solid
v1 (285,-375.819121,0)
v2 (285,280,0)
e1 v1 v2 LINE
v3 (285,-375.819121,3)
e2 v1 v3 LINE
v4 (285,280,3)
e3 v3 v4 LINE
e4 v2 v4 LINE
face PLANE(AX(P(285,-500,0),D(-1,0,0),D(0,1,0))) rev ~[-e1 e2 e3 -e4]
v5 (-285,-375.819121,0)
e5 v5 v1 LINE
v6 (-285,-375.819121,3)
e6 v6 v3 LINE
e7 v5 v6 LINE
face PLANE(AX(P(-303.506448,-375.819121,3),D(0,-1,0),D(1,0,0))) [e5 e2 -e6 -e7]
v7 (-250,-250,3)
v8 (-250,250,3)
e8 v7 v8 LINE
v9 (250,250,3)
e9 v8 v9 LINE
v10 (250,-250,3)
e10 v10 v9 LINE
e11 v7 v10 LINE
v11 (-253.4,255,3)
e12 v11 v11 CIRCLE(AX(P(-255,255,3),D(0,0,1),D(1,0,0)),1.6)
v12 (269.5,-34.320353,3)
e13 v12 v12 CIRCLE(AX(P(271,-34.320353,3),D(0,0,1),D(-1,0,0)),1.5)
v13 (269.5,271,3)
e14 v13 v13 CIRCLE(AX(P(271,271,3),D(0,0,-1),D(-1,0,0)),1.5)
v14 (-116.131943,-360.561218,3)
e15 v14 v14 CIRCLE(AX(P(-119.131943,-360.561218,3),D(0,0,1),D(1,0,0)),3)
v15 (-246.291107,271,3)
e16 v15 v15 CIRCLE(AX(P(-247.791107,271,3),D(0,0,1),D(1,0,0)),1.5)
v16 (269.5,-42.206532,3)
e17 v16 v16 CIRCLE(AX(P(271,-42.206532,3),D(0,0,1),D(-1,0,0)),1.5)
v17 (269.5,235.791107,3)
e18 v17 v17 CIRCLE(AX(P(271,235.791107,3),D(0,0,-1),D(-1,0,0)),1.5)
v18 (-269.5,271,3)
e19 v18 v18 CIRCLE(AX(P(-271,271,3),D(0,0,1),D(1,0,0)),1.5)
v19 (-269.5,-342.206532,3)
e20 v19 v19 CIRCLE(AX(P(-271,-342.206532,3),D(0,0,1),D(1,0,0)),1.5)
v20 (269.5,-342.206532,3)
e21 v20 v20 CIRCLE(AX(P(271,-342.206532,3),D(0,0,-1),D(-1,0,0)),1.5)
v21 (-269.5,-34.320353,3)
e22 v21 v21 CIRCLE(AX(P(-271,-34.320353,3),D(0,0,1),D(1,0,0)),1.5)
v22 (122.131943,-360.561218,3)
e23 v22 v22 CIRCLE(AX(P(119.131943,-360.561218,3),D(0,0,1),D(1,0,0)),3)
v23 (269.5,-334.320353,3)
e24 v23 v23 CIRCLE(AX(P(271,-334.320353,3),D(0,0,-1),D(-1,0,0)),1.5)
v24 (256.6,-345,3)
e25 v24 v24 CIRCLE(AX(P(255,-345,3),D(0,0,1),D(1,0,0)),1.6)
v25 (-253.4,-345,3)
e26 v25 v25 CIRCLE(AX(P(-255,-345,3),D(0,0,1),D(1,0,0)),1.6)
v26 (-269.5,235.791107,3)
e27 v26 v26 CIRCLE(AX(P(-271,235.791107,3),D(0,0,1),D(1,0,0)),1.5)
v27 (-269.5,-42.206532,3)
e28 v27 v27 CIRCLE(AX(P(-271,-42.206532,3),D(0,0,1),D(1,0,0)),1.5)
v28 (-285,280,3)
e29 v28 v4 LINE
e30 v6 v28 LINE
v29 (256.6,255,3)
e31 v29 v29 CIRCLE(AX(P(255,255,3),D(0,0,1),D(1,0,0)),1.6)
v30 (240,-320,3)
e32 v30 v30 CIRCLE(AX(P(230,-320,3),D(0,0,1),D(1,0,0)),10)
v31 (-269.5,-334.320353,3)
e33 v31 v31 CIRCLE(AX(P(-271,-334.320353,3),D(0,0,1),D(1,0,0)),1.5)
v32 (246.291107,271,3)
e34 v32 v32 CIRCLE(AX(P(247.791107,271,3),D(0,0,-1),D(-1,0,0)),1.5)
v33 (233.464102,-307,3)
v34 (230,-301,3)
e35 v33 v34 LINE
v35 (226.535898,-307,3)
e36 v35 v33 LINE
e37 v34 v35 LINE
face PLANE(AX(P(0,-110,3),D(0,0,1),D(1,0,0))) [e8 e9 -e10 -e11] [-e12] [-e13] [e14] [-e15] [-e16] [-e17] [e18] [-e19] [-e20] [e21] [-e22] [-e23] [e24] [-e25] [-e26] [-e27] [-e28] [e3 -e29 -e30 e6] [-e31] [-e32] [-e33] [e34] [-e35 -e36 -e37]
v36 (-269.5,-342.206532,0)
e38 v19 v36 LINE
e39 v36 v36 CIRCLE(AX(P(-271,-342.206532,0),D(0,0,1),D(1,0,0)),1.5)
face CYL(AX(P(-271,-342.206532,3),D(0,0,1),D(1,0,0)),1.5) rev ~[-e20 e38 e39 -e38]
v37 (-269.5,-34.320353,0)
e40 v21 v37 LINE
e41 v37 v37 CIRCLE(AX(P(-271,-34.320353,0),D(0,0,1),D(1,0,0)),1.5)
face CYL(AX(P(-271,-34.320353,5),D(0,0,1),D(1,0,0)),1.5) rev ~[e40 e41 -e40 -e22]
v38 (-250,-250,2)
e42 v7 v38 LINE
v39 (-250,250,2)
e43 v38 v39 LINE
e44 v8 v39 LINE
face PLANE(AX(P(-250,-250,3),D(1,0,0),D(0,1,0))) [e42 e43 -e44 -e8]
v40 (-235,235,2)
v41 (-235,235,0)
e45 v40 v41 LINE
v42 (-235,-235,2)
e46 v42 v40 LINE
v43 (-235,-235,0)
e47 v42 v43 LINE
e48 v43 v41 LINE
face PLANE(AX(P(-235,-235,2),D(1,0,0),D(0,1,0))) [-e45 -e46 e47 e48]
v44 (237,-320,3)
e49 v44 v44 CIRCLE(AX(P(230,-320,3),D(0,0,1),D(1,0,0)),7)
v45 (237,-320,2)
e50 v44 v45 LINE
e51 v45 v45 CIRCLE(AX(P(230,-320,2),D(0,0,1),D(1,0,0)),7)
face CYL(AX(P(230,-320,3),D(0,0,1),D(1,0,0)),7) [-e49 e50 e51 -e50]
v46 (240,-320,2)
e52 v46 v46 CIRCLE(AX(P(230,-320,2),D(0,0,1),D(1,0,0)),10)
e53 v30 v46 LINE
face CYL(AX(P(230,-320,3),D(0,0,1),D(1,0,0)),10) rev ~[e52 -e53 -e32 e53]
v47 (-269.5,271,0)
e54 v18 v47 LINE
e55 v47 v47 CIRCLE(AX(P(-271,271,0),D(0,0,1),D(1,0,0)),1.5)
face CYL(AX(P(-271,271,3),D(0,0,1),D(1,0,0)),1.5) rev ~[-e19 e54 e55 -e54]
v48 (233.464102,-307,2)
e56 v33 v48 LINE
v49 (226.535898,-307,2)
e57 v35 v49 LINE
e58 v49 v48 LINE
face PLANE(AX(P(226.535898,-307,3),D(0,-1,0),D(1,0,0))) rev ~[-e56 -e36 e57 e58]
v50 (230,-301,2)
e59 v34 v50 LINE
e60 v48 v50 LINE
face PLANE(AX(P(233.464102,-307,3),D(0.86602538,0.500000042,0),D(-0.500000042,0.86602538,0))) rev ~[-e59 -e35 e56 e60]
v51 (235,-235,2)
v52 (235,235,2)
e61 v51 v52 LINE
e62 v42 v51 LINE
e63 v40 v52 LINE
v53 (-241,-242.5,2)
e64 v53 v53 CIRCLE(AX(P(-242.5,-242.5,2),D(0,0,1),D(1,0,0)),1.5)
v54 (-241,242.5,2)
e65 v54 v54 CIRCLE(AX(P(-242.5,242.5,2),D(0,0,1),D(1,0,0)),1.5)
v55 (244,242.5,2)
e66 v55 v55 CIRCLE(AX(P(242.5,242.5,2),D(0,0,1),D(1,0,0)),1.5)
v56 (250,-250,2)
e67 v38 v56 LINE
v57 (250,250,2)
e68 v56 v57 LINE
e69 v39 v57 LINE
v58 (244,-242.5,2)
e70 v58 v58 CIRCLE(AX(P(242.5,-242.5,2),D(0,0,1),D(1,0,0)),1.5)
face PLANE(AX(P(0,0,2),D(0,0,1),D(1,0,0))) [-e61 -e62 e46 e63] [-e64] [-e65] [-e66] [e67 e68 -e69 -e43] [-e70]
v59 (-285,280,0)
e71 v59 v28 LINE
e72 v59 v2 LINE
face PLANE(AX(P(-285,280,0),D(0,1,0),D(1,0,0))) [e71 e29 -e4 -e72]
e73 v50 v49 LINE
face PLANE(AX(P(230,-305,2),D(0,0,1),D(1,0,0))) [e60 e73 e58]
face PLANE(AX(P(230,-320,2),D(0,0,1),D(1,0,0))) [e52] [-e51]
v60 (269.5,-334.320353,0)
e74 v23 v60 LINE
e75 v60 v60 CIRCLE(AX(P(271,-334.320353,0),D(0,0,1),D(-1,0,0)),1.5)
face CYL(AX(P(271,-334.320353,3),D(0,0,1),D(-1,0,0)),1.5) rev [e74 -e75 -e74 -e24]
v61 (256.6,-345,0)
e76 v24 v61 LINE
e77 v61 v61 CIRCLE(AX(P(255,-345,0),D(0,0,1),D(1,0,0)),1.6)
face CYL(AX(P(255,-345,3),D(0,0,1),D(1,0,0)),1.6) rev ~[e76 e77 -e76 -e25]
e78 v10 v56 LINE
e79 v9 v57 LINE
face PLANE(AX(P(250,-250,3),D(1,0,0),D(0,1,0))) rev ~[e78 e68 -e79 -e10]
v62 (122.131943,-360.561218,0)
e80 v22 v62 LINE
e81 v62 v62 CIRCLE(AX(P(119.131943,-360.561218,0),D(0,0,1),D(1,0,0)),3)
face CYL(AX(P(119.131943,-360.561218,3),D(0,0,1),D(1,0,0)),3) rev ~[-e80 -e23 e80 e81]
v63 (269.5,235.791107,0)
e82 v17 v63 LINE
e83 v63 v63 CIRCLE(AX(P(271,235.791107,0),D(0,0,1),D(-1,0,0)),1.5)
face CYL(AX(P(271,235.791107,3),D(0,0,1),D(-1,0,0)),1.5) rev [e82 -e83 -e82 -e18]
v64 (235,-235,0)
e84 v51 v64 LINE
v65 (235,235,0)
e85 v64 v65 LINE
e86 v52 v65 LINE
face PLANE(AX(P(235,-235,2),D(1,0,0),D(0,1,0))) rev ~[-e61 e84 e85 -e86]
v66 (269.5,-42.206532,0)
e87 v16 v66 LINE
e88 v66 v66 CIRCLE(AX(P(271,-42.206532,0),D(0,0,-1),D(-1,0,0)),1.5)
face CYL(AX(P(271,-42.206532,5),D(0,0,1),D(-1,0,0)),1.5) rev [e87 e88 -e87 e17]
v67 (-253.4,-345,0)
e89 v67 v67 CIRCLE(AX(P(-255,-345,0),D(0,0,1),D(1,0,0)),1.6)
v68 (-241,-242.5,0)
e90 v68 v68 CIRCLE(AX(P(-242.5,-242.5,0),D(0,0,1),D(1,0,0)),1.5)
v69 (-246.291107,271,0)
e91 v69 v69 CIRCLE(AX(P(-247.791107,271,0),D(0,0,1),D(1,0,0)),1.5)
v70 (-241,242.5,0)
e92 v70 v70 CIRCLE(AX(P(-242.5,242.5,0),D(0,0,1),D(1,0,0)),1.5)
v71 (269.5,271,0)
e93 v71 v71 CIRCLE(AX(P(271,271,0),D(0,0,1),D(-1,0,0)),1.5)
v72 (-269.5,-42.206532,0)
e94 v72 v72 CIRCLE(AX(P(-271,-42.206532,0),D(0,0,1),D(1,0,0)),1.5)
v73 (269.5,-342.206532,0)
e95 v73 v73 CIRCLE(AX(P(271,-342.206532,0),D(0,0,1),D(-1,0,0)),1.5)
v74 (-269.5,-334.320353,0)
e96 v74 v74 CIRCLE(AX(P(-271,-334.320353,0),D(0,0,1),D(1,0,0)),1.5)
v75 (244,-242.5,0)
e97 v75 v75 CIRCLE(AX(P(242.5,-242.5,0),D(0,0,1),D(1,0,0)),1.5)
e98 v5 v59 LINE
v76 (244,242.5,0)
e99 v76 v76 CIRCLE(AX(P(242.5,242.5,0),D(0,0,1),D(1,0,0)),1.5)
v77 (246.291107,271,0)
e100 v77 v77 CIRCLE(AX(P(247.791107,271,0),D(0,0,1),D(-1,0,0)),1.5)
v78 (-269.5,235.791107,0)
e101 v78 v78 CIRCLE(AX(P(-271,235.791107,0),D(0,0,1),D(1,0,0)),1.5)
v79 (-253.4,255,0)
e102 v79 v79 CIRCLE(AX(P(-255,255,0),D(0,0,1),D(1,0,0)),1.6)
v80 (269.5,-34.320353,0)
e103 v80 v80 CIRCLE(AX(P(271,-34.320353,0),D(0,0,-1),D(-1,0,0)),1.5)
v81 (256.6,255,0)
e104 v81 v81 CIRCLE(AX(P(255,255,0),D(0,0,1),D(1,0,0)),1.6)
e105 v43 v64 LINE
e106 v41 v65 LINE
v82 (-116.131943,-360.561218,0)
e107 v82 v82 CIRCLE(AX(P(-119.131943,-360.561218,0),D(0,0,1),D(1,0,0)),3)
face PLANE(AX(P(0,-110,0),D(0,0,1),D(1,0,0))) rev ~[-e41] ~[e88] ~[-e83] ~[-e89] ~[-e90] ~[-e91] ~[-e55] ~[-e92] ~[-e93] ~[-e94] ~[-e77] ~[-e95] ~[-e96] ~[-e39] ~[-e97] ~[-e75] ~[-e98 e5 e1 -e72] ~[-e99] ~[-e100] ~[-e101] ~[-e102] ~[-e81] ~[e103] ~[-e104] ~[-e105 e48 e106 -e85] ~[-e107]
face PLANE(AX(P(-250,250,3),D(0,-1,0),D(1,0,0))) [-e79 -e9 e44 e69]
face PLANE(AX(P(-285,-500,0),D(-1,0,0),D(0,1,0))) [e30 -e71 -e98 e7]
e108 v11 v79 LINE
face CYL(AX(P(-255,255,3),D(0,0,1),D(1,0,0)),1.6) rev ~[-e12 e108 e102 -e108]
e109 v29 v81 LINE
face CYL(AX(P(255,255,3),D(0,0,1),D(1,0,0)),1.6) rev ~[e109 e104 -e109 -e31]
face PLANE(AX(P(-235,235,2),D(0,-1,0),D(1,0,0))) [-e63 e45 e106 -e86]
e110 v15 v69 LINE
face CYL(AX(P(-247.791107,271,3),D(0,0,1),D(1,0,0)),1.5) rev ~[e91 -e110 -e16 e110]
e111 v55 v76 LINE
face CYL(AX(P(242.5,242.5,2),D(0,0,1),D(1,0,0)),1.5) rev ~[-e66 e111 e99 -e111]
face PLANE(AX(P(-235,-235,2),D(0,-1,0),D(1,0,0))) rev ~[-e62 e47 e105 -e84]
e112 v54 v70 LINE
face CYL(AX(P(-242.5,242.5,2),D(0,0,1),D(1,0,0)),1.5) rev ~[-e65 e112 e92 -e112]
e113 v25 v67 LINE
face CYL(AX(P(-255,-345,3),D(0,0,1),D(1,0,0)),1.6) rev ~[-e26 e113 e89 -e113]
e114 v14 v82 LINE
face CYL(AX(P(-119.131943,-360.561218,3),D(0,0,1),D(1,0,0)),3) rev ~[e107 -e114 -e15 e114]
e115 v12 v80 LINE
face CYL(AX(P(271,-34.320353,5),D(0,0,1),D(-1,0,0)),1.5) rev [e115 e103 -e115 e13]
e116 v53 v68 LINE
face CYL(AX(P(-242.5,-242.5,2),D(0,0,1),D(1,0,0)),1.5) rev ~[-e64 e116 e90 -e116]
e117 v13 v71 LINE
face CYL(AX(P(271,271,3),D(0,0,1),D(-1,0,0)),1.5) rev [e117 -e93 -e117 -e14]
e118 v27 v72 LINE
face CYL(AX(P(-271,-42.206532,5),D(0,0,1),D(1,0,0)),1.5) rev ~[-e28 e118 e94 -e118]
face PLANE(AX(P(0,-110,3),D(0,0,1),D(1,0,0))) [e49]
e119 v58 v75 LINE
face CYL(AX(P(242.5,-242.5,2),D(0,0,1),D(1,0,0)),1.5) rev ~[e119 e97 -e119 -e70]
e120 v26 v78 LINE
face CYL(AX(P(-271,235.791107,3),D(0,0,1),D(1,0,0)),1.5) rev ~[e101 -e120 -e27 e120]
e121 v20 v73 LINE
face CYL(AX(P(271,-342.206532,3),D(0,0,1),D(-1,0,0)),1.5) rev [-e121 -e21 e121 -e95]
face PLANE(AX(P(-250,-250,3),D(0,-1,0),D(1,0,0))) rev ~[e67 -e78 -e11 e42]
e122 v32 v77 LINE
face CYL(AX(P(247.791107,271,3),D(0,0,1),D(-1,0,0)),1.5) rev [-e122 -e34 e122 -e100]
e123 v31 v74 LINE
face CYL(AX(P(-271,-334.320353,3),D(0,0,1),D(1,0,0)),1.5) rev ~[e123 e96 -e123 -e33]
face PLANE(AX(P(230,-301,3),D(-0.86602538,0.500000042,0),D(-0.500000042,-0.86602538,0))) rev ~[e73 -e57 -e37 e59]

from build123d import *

# Parameters (mm, degrees)
SKETCH005_W     = 570
SKETCH005_H     = 780
PAD001_DEPTH    = 3
SKETCH006_W     = 500
SKETCH006_H     = 500
POCKET004_DEPTH = 1
SKETCH007_R     = 10
SKETCH007_R_2   = 7
POCKET005_DEPTH = 1
SKETCH008_R     = 1.6
POCKET006_DEPTH = 3.001
SKETCH009_W     = 470
SKETCH009_H     = 470
POCKET007_DEPTH = 5
SKETCH030_R     = 1.5
POCKET017_DEPTH = 1935.159379
SKETCH031_R     = 1.5
POCKET018_DEPTH = 5
SKETCH032_R     = 1.5
POCKET019_DEPTH = 2.001
SKETCH033_W     = 606.362244
SKETCH033_H     = 146.592987
POCKET020_DEPTH = 5
SKETCH034_R     = 3
POCKET021_DEPTH = 5


with BuildPart() as part:
    # Sketch005 → Pad001 (new body)
    with BuildSketch(Plane.XY):
        with Locations((0, -110)):
            Rectangle(SKETCH005_W, SKETCH005_H)
    extrude(amount=PAD001_DEPTH)

    # Sketch006 (on Face6 of Pad001) → Pocket004 (cut)
    with BuildSketch(Plane.XY.offset(3)):
        Rectangle(SKETCH006_W, SKETCH006_H)
    extrude(amount=-POCKET004_DEPTH, mode=Mode.SUBTRACT)

    # Sketch007 (on Face5 of Pocket004) → Pocket005 (cut)
    with BuildSketch(Plane.XY.offset(3)):
        with Locations((230, -320)):
            Circle(SKETCH007_R)
        with Locations((230, -320)):
            Circle(SKETCH007_R_2, mode=Mode.SUBTRACT)
        Polygon((230, -301), (226.535898, -307), (233.464102, -307), align=None)
    extrude(amount=-POCKET005_DEPTH, mode=Mode.SUBTRACT)

    # Sketch008 (on Face5 of Pocket005) → Pocket006 (cut, through all)
    with BuildSketch(Plane.XY.offset(3)):
        with Locations((-255, 255)):
            Circle(SKETCH008_R)
        with Locations((255, 255)):
            Circle(SKETCH008_R)
        with Locations((255, -345)):
            Circle(SKETCH008_R)
        with Locations((-255, -345)):
            Circle(SKETCH008_R)
    extrude(amount=-POCKET006_DEPTH, mode=Mode.SUBTRACT)

    # Sketch009 (on Face20 of Pocket006) → Pocket007 (cut)
    with BuildSketch(Plane.XY.offset(2)):
        Rectangle(SKETCH009_W, SKETCH009_H)
    extrude(amount=-POCKET007_DEPTH, mode=Mode.SUBTRACT)

    # Sketch030 (on Face5 of Pocket007) → Pocket017 (cut, through all)
    with BuildSketch(Plane.XY.offset(3)):
        with Locations((-271, 271)):
            Circle(SKETCH030_R)
        with Locations((-247.791107, 271)):
            Circle(SKETCH030_R)
        with Locations((-271, 235.791107)):
            Circle(SKETCH030_R)
        with Locations((-271, -334.320353)):
            Circle(SKETCH030_R)
        with Locations((-271, -342.206532)):
            Circle(SKETCH030_R)
    pocket017 = extrude(amount=-POCKET017_DEPTH, mode=Mode.SUBTRACT)

    # Mirrored: Pocket017 across Sketch030 V_Axis
    add(pocket017.mirror(Plane(origin=(0, 0, 3), x_dir=(0, 0, 1), z_dir=(1, 0, 0))), mode=Mode.SUBTRACT)

    # Sketch031 (on Face1 of CopyClone) → Pocket018 (cut)
    with BuildSketch(Plane(origin=(0, 300, 5), x_dir=(1, 0, 0), z_dir=(0, 0, 1))):
        with Locations((-271, -334.320353)):
            Circle(SKETCH031_R)
        with Locations((-271, -342.206532)):
            Circle(SKETCH031_R)
    pocket018 = extrude(amount=-POCKET018_DEPTH, mode=Mode.SUBTRACT)

    # Mirrored001: Pocket018 across Sketch031 V_Axis
    add(pocket018.mirror(Plane(origin=(0, 300, 5), x_dir=(0, 0, 1), z_dir=(1, 0, 0))), mode=Mode.SUBTRACT)

    # Sketch032 (on Face37 of Mirrored001) → Pocket019 (cut, through all)
    with BuildSketch(Plane.XY.offset(2)):
        with Locations((-242.5, 242.5)):
            Circle(SKETCH032_R)
        with Locations((242.5, 242.5)):
            Circle(SKETCH032_R)
        with Locations((-242.5, -242.5)):
            Circle(SKETCH032_R)
        with Locations((242.5, -242.5)):
            Circle(SKETCH032_R)
    extrude(amount=-POCKET019_DEPTH, mode=Mode.SUBTRACT)

    # Sketch033 (on Face5 of Pocket019) → Pocket020 (cut)
    with BuildSketch(Plane.XY.offset(3)):
        with Locations((-0.325326, -449.115615)):
            Rectangle(SKETCH033_W, SKETCH033_H)
    extrude(amount=-POCKET020_DEPTH, mode=Mode.SUBTRACT)

    # Sketch034 (on Face5 of Pocket020) → Pocket021 (cut)
    with BuildSketch(Plane.XY.offset(3)):
        with Locations((-119.131943, -360.561218)):
            Circle(SKETCH034_R)
        with Locations((119.131943, -360.561218)):
            Circle(SKETCH034_R)
    extrude(amount=-POCKET021_DEPTH, mode=Mode.SUBTRACT)


solid = part.part
